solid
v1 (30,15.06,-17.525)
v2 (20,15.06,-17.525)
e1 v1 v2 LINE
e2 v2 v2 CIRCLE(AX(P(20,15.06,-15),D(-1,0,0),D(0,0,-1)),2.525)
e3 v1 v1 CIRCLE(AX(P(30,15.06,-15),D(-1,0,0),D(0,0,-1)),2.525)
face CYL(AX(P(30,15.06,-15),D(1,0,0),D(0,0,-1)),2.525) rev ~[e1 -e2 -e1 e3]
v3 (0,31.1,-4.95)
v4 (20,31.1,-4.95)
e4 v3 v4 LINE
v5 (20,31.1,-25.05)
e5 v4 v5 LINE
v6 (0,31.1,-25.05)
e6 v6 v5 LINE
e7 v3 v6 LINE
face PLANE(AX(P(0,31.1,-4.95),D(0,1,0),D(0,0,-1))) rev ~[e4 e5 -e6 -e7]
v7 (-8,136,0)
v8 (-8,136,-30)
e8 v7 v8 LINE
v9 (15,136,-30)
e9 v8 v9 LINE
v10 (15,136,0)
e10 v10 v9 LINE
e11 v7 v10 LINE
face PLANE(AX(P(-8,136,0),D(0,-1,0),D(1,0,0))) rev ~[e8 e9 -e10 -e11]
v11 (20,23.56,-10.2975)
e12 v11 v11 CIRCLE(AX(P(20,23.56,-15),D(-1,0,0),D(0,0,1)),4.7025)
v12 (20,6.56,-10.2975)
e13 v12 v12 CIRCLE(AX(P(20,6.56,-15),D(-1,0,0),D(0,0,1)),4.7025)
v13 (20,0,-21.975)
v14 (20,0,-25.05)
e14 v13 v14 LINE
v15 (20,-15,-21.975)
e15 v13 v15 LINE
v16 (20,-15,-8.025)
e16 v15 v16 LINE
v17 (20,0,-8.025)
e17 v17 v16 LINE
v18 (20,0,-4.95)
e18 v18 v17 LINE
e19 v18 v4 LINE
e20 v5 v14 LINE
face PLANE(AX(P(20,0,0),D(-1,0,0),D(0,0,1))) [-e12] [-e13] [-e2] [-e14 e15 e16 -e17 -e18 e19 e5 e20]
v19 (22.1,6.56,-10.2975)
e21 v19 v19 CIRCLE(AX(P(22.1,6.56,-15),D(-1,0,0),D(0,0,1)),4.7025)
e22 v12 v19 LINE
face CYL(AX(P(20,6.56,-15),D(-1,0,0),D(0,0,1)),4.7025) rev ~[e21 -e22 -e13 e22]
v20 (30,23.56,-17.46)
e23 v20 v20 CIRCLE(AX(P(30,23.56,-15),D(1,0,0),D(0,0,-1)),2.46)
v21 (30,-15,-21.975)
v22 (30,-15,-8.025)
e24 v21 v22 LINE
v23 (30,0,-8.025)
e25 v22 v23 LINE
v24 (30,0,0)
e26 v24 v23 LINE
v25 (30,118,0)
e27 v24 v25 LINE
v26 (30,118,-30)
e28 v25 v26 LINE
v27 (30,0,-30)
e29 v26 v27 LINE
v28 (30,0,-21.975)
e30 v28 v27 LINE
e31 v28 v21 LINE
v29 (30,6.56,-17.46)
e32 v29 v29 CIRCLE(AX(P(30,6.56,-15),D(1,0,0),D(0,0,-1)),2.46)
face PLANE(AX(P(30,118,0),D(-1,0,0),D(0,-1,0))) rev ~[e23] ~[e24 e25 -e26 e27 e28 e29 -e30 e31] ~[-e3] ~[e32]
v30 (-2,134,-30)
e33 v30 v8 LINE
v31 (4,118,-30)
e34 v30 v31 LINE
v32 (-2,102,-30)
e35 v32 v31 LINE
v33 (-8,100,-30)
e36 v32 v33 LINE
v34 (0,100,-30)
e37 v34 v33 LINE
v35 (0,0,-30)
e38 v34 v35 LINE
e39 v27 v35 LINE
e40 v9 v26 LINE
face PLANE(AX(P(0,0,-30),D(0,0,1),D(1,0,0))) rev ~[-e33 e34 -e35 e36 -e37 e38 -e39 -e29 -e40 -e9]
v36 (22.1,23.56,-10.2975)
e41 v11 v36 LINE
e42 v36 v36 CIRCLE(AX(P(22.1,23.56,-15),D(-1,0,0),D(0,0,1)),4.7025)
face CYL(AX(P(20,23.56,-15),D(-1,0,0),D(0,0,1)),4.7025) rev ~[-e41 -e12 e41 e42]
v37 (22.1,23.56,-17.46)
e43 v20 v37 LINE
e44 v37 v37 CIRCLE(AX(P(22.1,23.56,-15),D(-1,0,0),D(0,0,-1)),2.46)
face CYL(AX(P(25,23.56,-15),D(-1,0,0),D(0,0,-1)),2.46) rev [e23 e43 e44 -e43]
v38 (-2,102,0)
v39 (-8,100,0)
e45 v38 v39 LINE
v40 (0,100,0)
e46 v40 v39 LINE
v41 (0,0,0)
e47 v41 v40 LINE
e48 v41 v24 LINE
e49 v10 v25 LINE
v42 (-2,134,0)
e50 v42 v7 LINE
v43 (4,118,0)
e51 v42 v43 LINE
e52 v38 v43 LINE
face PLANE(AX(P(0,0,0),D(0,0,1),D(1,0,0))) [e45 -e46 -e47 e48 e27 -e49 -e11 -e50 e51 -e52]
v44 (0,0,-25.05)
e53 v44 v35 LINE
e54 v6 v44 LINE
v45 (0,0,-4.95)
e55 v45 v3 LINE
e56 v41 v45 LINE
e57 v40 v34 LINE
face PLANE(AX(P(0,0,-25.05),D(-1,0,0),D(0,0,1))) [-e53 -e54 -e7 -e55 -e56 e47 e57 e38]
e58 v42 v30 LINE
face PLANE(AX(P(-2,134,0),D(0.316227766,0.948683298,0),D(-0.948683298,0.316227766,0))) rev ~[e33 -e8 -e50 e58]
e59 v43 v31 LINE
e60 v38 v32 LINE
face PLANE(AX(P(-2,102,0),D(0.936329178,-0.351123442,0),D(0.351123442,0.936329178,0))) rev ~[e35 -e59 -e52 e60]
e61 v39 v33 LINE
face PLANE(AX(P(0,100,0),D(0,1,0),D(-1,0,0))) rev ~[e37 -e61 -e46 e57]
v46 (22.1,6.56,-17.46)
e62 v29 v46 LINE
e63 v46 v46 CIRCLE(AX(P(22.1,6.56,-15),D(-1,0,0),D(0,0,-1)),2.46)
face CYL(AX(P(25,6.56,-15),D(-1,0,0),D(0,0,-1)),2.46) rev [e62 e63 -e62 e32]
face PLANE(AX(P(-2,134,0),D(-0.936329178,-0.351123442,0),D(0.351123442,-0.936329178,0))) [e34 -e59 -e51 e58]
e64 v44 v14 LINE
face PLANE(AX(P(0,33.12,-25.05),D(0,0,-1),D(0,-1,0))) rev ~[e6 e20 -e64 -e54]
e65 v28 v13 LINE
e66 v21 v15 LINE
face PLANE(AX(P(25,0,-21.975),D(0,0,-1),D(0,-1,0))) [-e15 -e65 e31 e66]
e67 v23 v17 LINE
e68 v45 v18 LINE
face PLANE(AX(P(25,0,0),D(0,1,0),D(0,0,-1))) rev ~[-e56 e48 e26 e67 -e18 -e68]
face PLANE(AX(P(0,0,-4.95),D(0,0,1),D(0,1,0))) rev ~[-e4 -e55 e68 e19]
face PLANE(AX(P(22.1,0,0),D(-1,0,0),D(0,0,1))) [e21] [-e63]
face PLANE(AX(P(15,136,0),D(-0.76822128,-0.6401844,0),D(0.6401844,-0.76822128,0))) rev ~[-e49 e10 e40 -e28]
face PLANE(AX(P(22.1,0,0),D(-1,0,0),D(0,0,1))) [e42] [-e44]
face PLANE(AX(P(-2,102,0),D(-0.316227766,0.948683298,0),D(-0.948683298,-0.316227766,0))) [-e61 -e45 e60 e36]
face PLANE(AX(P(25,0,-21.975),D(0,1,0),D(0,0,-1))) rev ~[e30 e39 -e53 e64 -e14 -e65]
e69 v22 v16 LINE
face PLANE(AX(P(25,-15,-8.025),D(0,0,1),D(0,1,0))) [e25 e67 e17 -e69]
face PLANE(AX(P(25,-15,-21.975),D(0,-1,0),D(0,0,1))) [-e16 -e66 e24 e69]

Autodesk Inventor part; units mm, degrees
ref_plane "YZ Plane" through (0, 0, 0) normal (1, 0, 0) x (0, 1, 0)
ref_plane "XZ Plane" through (0, 0, 0) normal (0, 1, 0) x (-1, 0, 0)
ref_plane "XY Plane" through (0, 0, 0) normal (0, 0, 1) x (1, 0, 0)
sketch "Sketch1" plane through (0, 0, 0) normal (0, 0, 1) x (1, 0, 0)
  line L0 (0, 0) -> (25, 0)
  line L1 (25, 0) -> (25, 40)
  line L2 (25, 40) -> (0, 40)
  line L3 (0, 40) -> (0, 0)
  dimension "d1" = 25
  dimension "d2" = 40
  dimension "d3" = 25
extrude "Extrusion1" add sketch "Sketch1" against normal blind 30
sketch "Sketch2" plane through (25, 0, 0) normal (1, 0, 0) x (0, 0, -1)
  line L0 (0, 0) -> (30, 0) projected
  circle A0 centre (15, 6.56) radius 2.46
extrude "Extrusion2" cut sketch "Sketch2" against normal blind 30
sketch "Sketch3" plane through (0, 0, 0) normal (-1, 0, 0) x (0, 0, 1)
  line L0 (0, 0) -> (-30, 0) projected
  line L1 (-25.05, 0) -> (-4.95, 0)
  line L2 (-4.95, 0) -> (-4.95, 33.12)
  line L3 (-4.95, 33.12) -> (-25.05, 33.12)
  line L4 (-25.05, 33.12) -> (-25.05, 0)
  dimension "d11" = 20.1
extrude "Extrusion3" cut sketch "Sketch3" against normal blind 20
sketch "Sketch4" plane through (0, 0, 0) normal (0, -1, 0) x (1, 0, 0)
  line L0 (20, -4.95) -> (20, -25.05) projected
  line L1 (20, -15) -> (25, -15)
  line L2 (25, 0) -> (25, -30) projected
  line L3 (20, -8.025) -> (25, -8.025)
  line L4 (25, -8.025) -> (25, -21.975)
  line L5 (25, -21.975) -> (20, -21.975)
  line L6 (20, -21.975) -> (20, -8.025)
  line L7 (20, -8.025) -> (25, -21.975) construction
  line L8 (25, -8.025) -> (20, -21.975) construction
  line L9 (25, -12.54) -> (25, -17.46) projected
  point P0 (0, 0)
  point P1 (22.5, -15)
  dimension "d14" = 13.95
extrude "Extrusion4" add sketch "Sketch4" along normal blind 15
sketch "Sketch5" plane through (20, 0, 0) normal (-1, 0, 0) x (0, 0, 1)
  circle A0 centre (-15, 6.56) radius 2.46 projected
  circle A1 centre (-15, 6.56) radius 4.7025
  circle A2 centre (-15, 6.56) radius 2.46 projected
  circle A3 centre (-15, 6.56) radius 2.46
  point P0 (0, 0)
  dimension "d17" = 9.405
extrude "Extrusion5" cut sketch "Sketch5" against normal blind 2.1
sketch "Sketch6" plane through (25, 0, 0) normal (1, 0, 0) x (0, 0, -1)
  circle A0 centre (15, 6.56) radius 4.7025 projected
  line L0 (15, 6.56) -> (15, 23.56)
  circle A1 centre (15, 23.56) radius 2.46
  point P0 (0, 0)
  dimension "d20" = 17
  dimension "d21" = 4.92
extrude "Extrusion6" cut sketch "Sketch6" against normal blind 10 contours A1
sketch "Sketch7" plane through (20, 0, 0) normal (-1, 0, 0) x (0, 0, 1)
  circle A0 centre (-15, 23.56) radius 2.46 projected
  circle A1 centre (-15, 23.56) radius 4.7025
  point P0 (0, 0)
  dimension "d24" = 9.405
extrude "Extrusion7" cut sketch "Sketch7" against normal blind 2.1
sketch "Sketch9" plane through (25, 0, 0) normal (1, 0, 0) x (0, 0, -1)
  circle A0 centre (15, 6.56) radius 2.46 projected
  circle A1 centre (15, 6.56) radius 2.46
  circle A2 centre (15, 23.56) radius 2.46 projected
  circle A3 centre (15, 23.56) radius 2.46
  line L0 (30, 40) -> (30, 0) projected
  line L1 (30, 0) -> (30, 40)
  line L2 (30, 40) -> (0, 40)
  line L3 (0, 40) -> (0, 0)
  line L4 (0, 0) -> (8.025, 0) projected
  line L5 (21.975, 0) -> (21.975, -15)
  line L6 (21.975, -15) -> (8.025, -15)
  line L7 (8.025, -15) -> (8.025, 0)
  line L8 (0, 0) -> (8.025, 0)
  line L9 (21.975, 0) -> (30, 0)
extrude "Extrusion8" add sketch "Sketch9" along normal blind 5
sketch "Sketch10" plane through (0, 40, 0) normal (0, 1, 0) x (1, 0, 0)
  line L0 (0, 30) -> (30, 30) projected
  line L1 (30, 0) -> (0, 0) projected
  line L2 (0, 30) -> (30, 30)
  line L3 (30, 30) -> (30, 0)
  line L4 (30, 0) -> (0, 0)
  line L5 (0, 0) -> (0, 30)
extrude "Extrusion9" add sketch "Sketch10" along normal blind 30
sketch "Sketch12" plane through (30, 0, 0) normal (1, 0, 0) x (0, 0, -1)
  circle A0 centre (15, 6.56) radius 2.46 projected
  line L0 (15, 6.56) -> (15, 15.06)
  circle A1 centre (15, 15.06) radius 2.525
  point P0 (0, 0)
  dimension "d31" = 8.5
  dimension "d33" = 5.05
extrude "Extrusion10" cut sketch "Sketch12" against normal blind 30 contours A1
sketch "Sketch14" plane through (0, 0, 0) normal (0, 0, 1) x (1, 0, 0)
  line L0 (30, 70) -> (0, 70) projected
  line L1 (0, 100) -> (-8, 100)
  line L2 (30, 0) -> (30, 70) projected
  line L3 (30, 118) -> (30, 70)
  line L4 (30, 105) -> (30, 100)
  line L5 (-2, 134) -> (-8, 136)
  line L6 (-2, 134) -> (4, 118)
  line L7 (-2, 102) -> (-8, 100)
  line L8 (-2, 102) -> (4, 118)
  line L9 (0, 70) -> (30, 70) projected
  line L10 (0, 70) -> (0, 100)
  line L11 (15, 136) -> (30, 118)
  line L12 (-8, 136) -> (15, 136)
  point P0 (0, 0)
  dimension "d47" = 30
extrude "Extrusion12" add sketch "Sketch14" against normal blind 30
sketch "Sketch15" plane through (0, 0, -25.05) normal (-1, 0, 0) x (0, 0, 1)
  line L0 (0, 33.12) -> (20.1, 33.12) projected
  line L1 (20.1, 33.12) -> (20.1, 0) projected
  line L2 (0, 33.12) -> (20.1, 33.12)
  line L3 (20.1, 33.12) -> (20.1, 31.1)
  line L4 (20.1, 31.1) -> (0, 31.1)
  line L5 (0, 31.1) -> (0, 33.12)
  point P0 (25.05, 0)
  dimension "d57" = 2.02
extrude "Extrusion13" add sketch "Sketch15" against normal blind 20
properties part number "32mm_x_30mm"
